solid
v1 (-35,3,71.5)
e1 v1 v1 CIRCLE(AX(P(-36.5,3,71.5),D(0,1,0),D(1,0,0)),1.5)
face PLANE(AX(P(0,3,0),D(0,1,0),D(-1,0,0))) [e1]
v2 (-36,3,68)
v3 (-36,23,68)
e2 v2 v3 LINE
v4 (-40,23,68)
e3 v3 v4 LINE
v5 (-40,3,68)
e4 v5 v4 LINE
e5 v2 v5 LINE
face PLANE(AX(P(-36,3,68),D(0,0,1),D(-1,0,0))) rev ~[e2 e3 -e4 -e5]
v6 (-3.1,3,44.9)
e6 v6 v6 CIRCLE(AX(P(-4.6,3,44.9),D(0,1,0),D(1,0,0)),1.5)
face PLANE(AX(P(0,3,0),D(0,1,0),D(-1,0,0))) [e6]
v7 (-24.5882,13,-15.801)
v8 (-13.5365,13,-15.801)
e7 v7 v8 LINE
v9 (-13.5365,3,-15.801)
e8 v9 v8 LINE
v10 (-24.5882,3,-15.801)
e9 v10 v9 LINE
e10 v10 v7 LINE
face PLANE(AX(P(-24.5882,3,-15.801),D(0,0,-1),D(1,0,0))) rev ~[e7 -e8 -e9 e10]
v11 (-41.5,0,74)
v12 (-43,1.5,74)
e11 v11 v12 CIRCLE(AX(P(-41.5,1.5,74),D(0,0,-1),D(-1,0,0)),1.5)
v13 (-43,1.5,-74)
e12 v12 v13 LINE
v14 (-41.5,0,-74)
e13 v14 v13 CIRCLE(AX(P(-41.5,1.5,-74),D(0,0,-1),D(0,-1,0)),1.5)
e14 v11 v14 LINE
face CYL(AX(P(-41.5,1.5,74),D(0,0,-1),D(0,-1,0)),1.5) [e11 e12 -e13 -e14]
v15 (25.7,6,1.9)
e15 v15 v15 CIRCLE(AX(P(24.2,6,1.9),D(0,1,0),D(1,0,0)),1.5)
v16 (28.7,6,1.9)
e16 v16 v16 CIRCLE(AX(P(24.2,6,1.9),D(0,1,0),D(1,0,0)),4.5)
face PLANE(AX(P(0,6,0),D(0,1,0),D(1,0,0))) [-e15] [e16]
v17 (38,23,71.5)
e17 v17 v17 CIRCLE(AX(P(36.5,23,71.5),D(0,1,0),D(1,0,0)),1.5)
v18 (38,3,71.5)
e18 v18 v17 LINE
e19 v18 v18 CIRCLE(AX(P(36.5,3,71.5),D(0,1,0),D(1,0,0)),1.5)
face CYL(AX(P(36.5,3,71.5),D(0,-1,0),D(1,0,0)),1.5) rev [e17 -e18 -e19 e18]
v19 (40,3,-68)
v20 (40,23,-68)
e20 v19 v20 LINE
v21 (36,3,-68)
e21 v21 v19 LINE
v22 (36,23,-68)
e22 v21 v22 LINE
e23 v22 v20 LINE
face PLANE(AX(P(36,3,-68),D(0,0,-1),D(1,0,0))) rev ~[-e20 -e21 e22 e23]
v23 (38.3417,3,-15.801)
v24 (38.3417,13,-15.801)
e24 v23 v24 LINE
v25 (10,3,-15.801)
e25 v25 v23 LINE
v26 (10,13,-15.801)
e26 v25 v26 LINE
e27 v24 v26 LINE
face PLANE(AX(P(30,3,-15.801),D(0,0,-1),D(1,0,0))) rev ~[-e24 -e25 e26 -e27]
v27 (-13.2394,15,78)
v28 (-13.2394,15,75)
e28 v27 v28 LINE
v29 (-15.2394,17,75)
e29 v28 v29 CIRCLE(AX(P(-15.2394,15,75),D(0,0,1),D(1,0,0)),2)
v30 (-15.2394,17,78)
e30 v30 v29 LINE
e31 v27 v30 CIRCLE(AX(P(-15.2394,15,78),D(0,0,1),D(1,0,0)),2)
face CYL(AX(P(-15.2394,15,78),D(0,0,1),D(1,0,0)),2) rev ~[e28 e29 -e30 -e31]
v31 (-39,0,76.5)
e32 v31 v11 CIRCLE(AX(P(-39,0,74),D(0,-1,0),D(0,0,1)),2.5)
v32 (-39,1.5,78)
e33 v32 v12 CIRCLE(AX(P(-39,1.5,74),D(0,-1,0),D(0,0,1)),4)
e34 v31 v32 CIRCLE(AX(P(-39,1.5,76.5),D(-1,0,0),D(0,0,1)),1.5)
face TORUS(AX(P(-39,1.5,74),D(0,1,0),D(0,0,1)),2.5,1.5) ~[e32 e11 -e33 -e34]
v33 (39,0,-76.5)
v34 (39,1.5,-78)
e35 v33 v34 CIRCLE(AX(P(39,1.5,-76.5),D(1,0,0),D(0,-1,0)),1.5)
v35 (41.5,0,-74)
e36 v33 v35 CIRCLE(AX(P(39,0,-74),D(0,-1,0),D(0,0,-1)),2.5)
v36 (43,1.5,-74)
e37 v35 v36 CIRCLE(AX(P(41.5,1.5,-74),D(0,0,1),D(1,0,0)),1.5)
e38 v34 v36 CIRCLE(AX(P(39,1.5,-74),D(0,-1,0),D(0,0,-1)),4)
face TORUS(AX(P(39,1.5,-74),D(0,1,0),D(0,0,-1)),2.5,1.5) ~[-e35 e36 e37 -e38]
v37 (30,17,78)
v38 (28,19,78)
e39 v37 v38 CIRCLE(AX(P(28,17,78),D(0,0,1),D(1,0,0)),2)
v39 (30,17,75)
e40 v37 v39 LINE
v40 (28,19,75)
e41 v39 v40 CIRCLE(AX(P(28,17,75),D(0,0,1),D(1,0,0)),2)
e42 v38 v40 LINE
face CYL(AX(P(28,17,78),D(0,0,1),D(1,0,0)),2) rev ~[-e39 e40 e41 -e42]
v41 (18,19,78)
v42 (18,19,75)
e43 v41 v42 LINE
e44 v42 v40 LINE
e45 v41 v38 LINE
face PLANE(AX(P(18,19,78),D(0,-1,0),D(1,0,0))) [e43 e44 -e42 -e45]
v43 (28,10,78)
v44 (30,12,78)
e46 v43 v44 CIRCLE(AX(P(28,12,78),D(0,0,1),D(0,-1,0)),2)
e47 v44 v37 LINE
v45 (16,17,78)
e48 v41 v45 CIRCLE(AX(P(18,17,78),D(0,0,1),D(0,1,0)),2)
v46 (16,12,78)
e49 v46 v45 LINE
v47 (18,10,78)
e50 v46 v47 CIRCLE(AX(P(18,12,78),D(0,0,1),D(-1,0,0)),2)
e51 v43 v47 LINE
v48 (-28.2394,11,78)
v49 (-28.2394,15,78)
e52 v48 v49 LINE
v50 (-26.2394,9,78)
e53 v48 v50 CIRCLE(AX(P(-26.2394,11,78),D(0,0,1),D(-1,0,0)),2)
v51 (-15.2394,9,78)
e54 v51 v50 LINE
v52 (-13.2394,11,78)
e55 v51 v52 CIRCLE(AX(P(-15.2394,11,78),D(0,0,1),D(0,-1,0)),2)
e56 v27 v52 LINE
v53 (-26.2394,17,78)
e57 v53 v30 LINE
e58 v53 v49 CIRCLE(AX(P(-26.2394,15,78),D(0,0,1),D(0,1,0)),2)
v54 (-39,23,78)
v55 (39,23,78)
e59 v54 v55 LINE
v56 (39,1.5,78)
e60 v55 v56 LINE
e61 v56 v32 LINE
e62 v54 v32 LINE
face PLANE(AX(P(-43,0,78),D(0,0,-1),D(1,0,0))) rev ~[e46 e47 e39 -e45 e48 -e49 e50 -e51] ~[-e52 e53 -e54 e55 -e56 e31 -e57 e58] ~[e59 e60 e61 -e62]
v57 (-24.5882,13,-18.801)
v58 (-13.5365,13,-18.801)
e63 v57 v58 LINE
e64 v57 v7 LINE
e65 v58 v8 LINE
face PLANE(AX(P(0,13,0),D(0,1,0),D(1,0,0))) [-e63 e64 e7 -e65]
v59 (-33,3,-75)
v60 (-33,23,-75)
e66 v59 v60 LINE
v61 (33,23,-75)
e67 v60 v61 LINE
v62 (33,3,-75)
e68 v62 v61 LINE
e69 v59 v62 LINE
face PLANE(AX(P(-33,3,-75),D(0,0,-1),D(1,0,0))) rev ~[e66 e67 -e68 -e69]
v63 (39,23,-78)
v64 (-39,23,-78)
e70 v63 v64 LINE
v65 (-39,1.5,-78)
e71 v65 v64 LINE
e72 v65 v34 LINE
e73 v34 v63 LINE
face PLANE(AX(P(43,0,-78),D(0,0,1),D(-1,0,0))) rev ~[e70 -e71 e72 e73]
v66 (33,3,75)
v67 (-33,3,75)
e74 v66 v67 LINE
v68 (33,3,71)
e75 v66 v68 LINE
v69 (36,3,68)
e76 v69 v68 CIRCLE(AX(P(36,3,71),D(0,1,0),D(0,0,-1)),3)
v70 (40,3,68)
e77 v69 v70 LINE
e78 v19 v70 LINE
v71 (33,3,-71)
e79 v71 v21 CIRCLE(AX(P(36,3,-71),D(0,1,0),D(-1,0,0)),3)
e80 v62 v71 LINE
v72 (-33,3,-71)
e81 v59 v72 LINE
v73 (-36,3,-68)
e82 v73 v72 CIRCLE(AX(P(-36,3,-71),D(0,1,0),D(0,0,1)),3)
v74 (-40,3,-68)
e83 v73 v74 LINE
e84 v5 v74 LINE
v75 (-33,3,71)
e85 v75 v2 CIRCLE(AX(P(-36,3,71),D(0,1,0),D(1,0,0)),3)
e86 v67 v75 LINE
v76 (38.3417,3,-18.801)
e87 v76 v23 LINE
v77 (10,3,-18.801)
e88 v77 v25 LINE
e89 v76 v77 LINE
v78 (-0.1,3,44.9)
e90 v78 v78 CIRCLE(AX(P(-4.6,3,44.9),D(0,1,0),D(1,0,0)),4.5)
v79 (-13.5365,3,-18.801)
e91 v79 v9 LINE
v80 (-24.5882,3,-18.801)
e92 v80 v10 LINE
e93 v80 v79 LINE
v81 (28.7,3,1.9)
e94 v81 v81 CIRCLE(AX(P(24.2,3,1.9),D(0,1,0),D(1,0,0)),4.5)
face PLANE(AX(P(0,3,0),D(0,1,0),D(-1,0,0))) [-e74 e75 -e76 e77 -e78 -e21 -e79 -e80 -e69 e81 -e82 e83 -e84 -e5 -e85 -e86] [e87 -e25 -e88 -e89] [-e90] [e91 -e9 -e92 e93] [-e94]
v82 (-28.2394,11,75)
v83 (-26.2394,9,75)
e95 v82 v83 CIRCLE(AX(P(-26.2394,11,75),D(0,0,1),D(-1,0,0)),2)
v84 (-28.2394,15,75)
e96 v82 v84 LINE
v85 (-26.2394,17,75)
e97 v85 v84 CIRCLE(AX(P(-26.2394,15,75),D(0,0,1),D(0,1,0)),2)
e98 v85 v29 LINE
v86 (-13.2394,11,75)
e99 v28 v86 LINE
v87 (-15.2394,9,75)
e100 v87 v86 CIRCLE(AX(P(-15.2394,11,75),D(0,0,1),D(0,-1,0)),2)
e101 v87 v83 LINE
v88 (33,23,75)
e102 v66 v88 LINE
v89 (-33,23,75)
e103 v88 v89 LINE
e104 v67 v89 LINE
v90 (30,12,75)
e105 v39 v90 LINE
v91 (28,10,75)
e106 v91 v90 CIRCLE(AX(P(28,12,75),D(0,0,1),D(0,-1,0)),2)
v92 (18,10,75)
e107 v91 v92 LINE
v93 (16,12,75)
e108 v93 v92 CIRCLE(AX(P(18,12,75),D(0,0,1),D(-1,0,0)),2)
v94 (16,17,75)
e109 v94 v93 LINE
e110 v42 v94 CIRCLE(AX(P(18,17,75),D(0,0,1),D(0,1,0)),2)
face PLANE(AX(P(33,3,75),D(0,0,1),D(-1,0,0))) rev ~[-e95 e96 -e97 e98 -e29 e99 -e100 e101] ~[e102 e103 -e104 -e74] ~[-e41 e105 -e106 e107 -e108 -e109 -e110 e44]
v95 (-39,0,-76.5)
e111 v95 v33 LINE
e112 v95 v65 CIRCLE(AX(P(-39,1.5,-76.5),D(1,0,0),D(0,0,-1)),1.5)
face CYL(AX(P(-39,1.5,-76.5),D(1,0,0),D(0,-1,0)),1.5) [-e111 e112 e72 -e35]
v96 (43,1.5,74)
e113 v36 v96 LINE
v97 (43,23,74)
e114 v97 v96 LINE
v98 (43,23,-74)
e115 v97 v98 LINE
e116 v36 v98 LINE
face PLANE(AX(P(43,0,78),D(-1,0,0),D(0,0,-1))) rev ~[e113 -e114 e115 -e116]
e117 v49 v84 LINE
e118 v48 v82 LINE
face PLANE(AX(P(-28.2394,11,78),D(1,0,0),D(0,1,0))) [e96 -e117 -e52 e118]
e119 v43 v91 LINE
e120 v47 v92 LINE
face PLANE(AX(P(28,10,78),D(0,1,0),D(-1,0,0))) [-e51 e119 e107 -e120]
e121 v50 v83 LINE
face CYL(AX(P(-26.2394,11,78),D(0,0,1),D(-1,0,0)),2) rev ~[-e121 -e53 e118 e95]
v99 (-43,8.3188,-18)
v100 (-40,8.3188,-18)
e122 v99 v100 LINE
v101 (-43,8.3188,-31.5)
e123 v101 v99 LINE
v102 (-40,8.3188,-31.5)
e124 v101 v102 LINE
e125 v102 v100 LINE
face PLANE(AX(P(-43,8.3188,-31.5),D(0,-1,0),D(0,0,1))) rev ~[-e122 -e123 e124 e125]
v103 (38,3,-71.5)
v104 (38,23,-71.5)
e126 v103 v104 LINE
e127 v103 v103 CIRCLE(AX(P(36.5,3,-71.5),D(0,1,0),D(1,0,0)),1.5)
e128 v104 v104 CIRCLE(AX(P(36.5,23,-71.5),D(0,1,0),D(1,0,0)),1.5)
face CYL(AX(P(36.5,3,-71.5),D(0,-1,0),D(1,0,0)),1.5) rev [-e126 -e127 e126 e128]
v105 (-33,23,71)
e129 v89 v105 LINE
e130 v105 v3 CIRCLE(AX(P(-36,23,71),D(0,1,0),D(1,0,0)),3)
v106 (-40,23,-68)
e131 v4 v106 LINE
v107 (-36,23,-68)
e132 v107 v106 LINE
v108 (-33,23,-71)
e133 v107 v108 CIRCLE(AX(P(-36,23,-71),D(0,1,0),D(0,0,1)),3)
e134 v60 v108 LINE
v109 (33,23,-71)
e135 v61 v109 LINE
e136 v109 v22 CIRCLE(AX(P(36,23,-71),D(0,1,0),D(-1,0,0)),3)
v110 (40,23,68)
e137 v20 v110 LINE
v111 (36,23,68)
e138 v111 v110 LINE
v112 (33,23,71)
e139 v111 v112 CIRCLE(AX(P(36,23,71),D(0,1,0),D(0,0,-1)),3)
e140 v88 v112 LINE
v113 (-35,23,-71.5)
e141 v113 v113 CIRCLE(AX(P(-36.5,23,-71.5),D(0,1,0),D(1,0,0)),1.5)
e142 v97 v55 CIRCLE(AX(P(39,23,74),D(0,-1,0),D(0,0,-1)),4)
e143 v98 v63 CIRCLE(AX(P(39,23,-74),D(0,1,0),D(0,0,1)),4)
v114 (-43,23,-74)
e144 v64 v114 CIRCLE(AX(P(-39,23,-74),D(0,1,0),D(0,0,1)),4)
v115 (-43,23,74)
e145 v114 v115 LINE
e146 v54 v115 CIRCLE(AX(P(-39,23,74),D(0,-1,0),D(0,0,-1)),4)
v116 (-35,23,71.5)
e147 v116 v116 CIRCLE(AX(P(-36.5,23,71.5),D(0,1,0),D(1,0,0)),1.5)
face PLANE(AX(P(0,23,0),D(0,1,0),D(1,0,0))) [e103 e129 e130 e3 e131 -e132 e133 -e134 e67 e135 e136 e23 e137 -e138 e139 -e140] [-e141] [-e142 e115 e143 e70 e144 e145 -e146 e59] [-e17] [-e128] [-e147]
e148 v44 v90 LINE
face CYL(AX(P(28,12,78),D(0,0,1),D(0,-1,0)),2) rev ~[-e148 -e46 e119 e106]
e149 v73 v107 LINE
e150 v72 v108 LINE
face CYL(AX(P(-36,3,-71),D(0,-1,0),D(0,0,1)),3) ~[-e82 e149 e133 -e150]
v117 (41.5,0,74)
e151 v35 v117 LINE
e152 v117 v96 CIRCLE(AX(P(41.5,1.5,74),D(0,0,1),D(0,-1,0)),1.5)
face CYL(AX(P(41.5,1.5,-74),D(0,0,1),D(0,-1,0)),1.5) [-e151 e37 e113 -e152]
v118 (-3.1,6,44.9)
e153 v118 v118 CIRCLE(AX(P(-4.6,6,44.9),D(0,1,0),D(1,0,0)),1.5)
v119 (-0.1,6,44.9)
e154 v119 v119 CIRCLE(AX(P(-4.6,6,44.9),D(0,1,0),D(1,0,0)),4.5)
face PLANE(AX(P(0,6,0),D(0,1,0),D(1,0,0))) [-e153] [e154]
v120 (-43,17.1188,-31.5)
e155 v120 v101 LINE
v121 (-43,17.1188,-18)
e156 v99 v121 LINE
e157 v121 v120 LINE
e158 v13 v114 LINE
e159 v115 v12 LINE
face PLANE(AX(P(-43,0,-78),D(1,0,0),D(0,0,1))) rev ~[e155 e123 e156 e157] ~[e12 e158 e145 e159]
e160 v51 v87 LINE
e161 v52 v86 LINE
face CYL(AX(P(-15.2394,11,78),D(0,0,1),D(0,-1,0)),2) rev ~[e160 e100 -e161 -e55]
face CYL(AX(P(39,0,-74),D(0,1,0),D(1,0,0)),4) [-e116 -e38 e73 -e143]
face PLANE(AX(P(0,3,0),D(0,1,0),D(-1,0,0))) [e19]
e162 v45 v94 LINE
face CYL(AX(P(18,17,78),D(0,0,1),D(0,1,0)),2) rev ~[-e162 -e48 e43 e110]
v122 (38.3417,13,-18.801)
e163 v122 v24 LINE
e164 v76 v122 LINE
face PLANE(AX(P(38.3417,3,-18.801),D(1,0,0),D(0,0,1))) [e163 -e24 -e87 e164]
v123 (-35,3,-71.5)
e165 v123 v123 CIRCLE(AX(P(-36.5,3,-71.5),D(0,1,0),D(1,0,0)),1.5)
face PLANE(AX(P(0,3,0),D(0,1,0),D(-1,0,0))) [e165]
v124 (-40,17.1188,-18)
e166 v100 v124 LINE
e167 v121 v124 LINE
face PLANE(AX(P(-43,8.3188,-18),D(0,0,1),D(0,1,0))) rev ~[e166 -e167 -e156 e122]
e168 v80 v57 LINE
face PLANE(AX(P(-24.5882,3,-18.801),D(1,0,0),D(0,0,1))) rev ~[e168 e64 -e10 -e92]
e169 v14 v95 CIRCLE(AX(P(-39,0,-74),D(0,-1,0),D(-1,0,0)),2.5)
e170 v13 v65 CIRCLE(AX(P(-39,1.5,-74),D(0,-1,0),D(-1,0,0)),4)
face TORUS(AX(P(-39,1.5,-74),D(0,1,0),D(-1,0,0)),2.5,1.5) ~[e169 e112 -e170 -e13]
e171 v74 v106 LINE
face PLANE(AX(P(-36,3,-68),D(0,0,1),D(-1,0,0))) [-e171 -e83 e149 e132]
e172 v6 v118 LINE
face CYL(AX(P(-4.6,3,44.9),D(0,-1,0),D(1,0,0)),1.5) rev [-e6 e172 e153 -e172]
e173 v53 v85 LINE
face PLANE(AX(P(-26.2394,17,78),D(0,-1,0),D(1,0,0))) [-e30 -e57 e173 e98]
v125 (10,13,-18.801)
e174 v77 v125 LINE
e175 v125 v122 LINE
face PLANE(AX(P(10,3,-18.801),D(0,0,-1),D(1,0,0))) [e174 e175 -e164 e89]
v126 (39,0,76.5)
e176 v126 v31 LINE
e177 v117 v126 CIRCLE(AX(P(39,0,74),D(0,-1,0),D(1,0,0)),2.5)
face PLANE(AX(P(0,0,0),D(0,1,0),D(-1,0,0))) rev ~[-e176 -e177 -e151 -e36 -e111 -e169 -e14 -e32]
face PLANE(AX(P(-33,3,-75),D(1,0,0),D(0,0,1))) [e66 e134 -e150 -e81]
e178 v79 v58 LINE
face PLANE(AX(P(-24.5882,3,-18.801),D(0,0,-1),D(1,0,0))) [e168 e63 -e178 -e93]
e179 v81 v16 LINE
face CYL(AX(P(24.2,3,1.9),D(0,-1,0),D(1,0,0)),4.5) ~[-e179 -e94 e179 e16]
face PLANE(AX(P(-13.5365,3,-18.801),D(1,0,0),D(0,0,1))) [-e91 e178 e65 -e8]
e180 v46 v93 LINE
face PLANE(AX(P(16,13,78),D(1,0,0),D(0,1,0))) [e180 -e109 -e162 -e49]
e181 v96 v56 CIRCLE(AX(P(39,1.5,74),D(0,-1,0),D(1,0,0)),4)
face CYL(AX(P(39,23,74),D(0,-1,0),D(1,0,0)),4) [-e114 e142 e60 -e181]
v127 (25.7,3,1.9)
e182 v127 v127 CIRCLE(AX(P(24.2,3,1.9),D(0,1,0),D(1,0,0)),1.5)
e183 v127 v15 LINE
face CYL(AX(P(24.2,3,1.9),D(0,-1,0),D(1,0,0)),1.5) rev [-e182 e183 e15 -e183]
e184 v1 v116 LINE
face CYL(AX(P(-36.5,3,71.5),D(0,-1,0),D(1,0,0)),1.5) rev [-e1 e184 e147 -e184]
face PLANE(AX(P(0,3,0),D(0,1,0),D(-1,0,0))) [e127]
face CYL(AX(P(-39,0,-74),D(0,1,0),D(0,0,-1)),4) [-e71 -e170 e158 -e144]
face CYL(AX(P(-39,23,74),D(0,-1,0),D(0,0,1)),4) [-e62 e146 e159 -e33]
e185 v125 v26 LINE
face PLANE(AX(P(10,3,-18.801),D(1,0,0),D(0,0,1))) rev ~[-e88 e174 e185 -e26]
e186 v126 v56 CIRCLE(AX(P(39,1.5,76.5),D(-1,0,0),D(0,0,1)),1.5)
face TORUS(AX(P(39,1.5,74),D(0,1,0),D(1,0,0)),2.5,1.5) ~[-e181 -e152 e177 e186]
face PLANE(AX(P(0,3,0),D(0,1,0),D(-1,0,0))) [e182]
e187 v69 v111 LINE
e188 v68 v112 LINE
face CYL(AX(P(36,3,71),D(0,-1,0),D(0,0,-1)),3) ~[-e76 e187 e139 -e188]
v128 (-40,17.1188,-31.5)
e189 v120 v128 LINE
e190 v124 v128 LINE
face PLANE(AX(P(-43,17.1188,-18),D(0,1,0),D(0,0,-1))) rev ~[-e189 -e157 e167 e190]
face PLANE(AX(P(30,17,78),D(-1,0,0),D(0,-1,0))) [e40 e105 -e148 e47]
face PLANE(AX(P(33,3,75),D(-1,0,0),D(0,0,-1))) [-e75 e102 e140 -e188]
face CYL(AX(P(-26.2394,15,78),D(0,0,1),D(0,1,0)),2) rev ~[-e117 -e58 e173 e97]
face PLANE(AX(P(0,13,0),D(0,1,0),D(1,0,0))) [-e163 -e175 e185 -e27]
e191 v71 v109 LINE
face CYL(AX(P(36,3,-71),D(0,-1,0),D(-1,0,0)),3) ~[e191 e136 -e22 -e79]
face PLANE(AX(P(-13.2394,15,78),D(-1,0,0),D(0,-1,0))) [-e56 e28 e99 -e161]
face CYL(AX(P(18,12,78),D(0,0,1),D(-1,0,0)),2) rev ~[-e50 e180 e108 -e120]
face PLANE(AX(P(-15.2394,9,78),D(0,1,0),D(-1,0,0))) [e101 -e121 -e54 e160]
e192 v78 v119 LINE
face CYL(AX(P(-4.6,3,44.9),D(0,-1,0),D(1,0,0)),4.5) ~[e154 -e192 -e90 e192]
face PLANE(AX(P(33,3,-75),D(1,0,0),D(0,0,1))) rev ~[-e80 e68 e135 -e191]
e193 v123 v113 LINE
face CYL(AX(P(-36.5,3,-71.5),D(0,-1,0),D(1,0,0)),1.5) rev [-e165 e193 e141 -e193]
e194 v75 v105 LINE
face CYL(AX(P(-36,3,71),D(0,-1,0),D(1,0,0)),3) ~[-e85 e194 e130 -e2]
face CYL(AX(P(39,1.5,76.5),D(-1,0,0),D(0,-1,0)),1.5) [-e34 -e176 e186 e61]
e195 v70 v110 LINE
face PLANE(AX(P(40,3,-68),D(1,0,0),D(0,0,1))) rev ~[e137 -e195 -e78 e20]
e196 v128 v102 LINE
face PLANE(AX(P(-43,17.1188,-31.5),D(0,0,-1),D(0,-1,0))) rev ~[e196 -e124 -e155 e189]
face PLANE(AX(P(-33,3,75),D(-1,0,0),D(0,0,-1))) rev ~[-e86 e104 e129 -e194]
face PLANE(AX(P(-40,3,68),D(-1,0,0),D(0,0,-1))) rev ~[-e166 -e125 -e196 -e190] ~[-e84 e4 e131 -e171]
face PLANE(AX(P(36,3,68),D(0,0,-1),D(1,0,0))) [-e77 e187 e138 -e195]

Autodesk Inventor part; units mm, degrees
ref_plane "YZ Plane" through (0, 0, 0) normal (1, 0, 0) x (0, 1, 0)
ref_plane "XZ Plane" through (0, 0, 0) normal (0, 1, 0) x (-1, 0, 0)
ref_plane "XY Plane" through (0, 0, 0) normal (0, 0, 1) x (1, 0, 0)
sketch "Sketch1" plane through (0, 0, 0) normal (0, 1, 0) x (-1, 0, 0)
  line L0 (-43, -78) -> (43, -78)
  line L1 (43, -78) -> (43, 78)
  line L2 (43, 78) -> (-43, 78)
  line L3 (-43, 78) -> (-43, -78)
  point P0 (0, 0)
extrude "Extrusion1" add sketch "Sketch1" along normal blind 3
sketch "Sketch2" plane through (0, 3, 0) normal (0, 1, 0) x (1, 0, 0)
  line L0 (-33, 75) -> (33, 75)
  line L1 (40, 68) -> (40, -68)
  line L2 (33, -75) -> (-33, -75)
  line L3 (-40, -68) -> (-40, 68)
  line L4 (-40, 75) -> (40, -75) construction
  line L5 (40, 75) -> (-40, -75) construction
  line L6 (43, 78) -> (-43, 78)
  line L7 (-43, 78) -> (-43, -78)
  line L8 (-43, -78) -> (43, -78)
  line L9 (43, -78) -> (43, 78)
  line L10 (-40, 75) -> (-33, 75)
  line L11 (-33, 75) -> (-33, 71)
  line L12 (-36, 68) -> (-40, 68)
  line L13 (-40, 68) -> (-40, 75)
  circle A0 centre (-36.5, 71.5) radius 1.5
  arc A1 (-36, 68) -> (-33, 71) centre (-36, 71) ccw
  line L14 (40, 75) -> (-40, -75) construction
  line L15 (33, 75) -> (33, 71)
  line L16 (36, 68) -> (40, 68)
  circle A2 centre (36.5, 71.5) radius 1.5
  arc A3 (33, 71) -> (36, 68) centre (36, 71) ccw
  line L17 (-40, -75) -> (40, 75) construction
  line L18 (-33, -75) -> (-33, -71)
  line L19 (-36, -68) -> (-40, -68)
  circle A4 centre (-36.5, -71.5) radius 1.5
  arc A5 (-33, -71) -> (-36, -68) centre (-36, -71) ccw
  line L20 (36, -68) -> (40, -68)
  arc A6 (36, -68) -> (33, -71) centre (36, -71) ccw
  circle A7 centre (36.5, -71.5) radius 1.5
  line L21 (33, -75) -> (33, -71)
  point P0 (0, 0)
  point P1 (-33, 68)
  point P2 (33, 68)
  point P3 (-33, -68)
  dimension "d5" = 80
  dimension "d6" = 150
  dimension "d7" = 3
  dimension "d42" = 7
  dimension "d43" = 7
  dimension "d45" = 3
  dimension "d46" = 3
extrude "Extrusion2" add sketch "Sketch2" along normal blind 20 contours L11 A1 L12 L13 L10 | L9 L8 L7 L6
fillet "Fillet1" radius 4 4 edges at (-43, 11.5, 78) (43, 11.5, 78) (43, 11.5, -78) (-43, 11.5, -78)
sketch "Sketch3" plane through (0, 3, 0) normal (0, 1, 0) x (1, 0, 0)
  line L0 (-24.5882, 18.801) -> (-24.5882, 15.801)
  line L1 (10, 18.801) -> (10, 15.801)
  line L2 (-24.5882, 18.801) -> (-13.5365, 18.801)
  line L3 (-24.5882, 15.801) -> (-13.5365, 15.801)
  line L4 (10, 18.801) -> (30, 18.801)
  line L5 (10, 15.801) -> (30, 15.801)
  line L6 (30, 18.801) -> (38.3417, 18.801)
  line L7 (30, 15.801) -> (38.3417, 15.801)
  line L8 (38.3417, 18.801) -> (38.3417, 15.801)
  line L9 (-13.5365, 18.801) -> (-13.5365, 15.801)
  point P0 (0, 0)
extrude "Extrusion3" add sketch "Sketch3" along normal blind 10
sketch "Sketch6" plane through (0, 3, 0) normal (0, 1, 0) x (1, 0, 0)
  line L0 (-33, -75) -> (33, -75) projected
  line L1 (-40, 68) -> (-40, -68) projected
  line L2 (0, -75) -> (0, -69.5874)
  circle A0 centre (-4.6, -44.9) radius 1.5
  circle A1 centre (-4.6, -44.9) radius 4.5
  circle A2 centre (24.2, -1.9) radius 1.5
  circle A3 centre (24.2, -1.9) radius 4.5
  point P0 (0, 0)
extrude "Extrusion5" add sketch "Sketch6" along normal blind 3
sketch "Sketch7" plane through (-43, 0, -74) normal (-1, 0, 0) x (0, 0, 1)
  line L0 (0, 23) -> (0, 0) projected
  line L1 (42.5, 8.3188) -> (56, 8.3188)
  line L2 (56, 8.3188) -> (56, 17.1188)
  line L3 (56, 17.1188) -> (42.5, 17.1188)
  line L4 (42.5, 17.1188) -> (42.5, 8.3188)
  line L5 (42.5, 8.3188) -> (56, 17.1188) construction
  line L6 (56, 8.3188) -> (42.5, 17.1188) construction
  point P0 (74, 0)
  dimension "d58" = 13.5
  dimension "d59" = 8.8
extrude "Extrusion6" cut sketch "Sketch7" against normal blind 3
sketch "Sketch8" plane through (-39, 0, 78) normal (0, 0, 1) x (1, 0, 0)
  line L0 (12.7606, 17) -> (23.7606, 17)
  line L1 (25.7606, 15) -> (25.7606, 11)
  line L2 (23.7606, 9) -> (12.7606, 9)
  line L3 (10.7606, 11) -> (10.7606, 15)
  arc A0 (12.7606, 17) -> (10.7606, 15) centre (12.7606, 15) ccw
  arc A1 (25.7606, 15) -> (23.7606, 17) centre (23.7606, 15) ccw
  arc A2 (23.7606, 9) -> (25.7606, 11) centre (23.7606, 11) ccw
  arc A3 (10.7606, 11) -> (12.7606, 9) centre (12.7606, 11) ccw
  line L4 (82, 23) -> (82, 0) projected
  line L5 (78, 0) -> (0, 0) projected
  line L6 (71.3066, 0) -> (87.3066, 0) construction
  line L7 (72, 3) -> (72, 23) projected
  line L8 (72, 11.5) -> (81, 11.5) construction
  line L9 (49, 13) -> (77.3417, 13) projected
  line L10 (57, 19) -> (67, 19)
  line L11 (69, 17) -> (69, 12)
  line L12 (67, 10) -> (57, 10)
  line L13 (55, 12) -> (55, 17)
  line L14 (55, 19) -> (69, 10) construction
  line L15 (69, 19) -> (55, 10) construction
  line L16 (0, 23) -> (78, 23) projected
  arc A4 (57, 19) -> (55, 17) centre (57, 17) ccw
  arc A5 (55, 12) -> (57, 10) centre (57, 12) ccw
  arc A6 (69, 17) -> (67, 19) centre (67, 17) ccw
  arc A7 (67, 10) -> (69, 12) centre (67, 12) ccw
  point P0 (39, 0)
  point P1 (25.7606, 9)
  point P2 (25.7606, 17)
  point P3 (10.7606, 9)
  point P4 (69, 13)
  dimension "d68" = 15
  dimension "d69" = 8
  dimension "d70" = 2
  dimension "d98" = 14
  dimension "d99" = 4
  dimension "d100" = 9
  dimension "d101" = 2
  dimension "d102" = 2
  dimension "d103" = 2
  dimension "d104" = 2
  dimension "d105" = 13
  dimension "d106" = 6
extrude "Extrusion7" cut sketch "Sketch8" against normal blind 3
fillet "Fillet3" radius 1.5 8 edges at (-41.8284, 0, 76.8284) (0, 0, 78) (41.8284, 0, 76.8284) (43, 0, 0) (41.8284, 0, -76.8284) (0, 0, -78) (-41.8284, 0, -76.8284) (-43, 0, 0)
properties part number "CASING NEW"
